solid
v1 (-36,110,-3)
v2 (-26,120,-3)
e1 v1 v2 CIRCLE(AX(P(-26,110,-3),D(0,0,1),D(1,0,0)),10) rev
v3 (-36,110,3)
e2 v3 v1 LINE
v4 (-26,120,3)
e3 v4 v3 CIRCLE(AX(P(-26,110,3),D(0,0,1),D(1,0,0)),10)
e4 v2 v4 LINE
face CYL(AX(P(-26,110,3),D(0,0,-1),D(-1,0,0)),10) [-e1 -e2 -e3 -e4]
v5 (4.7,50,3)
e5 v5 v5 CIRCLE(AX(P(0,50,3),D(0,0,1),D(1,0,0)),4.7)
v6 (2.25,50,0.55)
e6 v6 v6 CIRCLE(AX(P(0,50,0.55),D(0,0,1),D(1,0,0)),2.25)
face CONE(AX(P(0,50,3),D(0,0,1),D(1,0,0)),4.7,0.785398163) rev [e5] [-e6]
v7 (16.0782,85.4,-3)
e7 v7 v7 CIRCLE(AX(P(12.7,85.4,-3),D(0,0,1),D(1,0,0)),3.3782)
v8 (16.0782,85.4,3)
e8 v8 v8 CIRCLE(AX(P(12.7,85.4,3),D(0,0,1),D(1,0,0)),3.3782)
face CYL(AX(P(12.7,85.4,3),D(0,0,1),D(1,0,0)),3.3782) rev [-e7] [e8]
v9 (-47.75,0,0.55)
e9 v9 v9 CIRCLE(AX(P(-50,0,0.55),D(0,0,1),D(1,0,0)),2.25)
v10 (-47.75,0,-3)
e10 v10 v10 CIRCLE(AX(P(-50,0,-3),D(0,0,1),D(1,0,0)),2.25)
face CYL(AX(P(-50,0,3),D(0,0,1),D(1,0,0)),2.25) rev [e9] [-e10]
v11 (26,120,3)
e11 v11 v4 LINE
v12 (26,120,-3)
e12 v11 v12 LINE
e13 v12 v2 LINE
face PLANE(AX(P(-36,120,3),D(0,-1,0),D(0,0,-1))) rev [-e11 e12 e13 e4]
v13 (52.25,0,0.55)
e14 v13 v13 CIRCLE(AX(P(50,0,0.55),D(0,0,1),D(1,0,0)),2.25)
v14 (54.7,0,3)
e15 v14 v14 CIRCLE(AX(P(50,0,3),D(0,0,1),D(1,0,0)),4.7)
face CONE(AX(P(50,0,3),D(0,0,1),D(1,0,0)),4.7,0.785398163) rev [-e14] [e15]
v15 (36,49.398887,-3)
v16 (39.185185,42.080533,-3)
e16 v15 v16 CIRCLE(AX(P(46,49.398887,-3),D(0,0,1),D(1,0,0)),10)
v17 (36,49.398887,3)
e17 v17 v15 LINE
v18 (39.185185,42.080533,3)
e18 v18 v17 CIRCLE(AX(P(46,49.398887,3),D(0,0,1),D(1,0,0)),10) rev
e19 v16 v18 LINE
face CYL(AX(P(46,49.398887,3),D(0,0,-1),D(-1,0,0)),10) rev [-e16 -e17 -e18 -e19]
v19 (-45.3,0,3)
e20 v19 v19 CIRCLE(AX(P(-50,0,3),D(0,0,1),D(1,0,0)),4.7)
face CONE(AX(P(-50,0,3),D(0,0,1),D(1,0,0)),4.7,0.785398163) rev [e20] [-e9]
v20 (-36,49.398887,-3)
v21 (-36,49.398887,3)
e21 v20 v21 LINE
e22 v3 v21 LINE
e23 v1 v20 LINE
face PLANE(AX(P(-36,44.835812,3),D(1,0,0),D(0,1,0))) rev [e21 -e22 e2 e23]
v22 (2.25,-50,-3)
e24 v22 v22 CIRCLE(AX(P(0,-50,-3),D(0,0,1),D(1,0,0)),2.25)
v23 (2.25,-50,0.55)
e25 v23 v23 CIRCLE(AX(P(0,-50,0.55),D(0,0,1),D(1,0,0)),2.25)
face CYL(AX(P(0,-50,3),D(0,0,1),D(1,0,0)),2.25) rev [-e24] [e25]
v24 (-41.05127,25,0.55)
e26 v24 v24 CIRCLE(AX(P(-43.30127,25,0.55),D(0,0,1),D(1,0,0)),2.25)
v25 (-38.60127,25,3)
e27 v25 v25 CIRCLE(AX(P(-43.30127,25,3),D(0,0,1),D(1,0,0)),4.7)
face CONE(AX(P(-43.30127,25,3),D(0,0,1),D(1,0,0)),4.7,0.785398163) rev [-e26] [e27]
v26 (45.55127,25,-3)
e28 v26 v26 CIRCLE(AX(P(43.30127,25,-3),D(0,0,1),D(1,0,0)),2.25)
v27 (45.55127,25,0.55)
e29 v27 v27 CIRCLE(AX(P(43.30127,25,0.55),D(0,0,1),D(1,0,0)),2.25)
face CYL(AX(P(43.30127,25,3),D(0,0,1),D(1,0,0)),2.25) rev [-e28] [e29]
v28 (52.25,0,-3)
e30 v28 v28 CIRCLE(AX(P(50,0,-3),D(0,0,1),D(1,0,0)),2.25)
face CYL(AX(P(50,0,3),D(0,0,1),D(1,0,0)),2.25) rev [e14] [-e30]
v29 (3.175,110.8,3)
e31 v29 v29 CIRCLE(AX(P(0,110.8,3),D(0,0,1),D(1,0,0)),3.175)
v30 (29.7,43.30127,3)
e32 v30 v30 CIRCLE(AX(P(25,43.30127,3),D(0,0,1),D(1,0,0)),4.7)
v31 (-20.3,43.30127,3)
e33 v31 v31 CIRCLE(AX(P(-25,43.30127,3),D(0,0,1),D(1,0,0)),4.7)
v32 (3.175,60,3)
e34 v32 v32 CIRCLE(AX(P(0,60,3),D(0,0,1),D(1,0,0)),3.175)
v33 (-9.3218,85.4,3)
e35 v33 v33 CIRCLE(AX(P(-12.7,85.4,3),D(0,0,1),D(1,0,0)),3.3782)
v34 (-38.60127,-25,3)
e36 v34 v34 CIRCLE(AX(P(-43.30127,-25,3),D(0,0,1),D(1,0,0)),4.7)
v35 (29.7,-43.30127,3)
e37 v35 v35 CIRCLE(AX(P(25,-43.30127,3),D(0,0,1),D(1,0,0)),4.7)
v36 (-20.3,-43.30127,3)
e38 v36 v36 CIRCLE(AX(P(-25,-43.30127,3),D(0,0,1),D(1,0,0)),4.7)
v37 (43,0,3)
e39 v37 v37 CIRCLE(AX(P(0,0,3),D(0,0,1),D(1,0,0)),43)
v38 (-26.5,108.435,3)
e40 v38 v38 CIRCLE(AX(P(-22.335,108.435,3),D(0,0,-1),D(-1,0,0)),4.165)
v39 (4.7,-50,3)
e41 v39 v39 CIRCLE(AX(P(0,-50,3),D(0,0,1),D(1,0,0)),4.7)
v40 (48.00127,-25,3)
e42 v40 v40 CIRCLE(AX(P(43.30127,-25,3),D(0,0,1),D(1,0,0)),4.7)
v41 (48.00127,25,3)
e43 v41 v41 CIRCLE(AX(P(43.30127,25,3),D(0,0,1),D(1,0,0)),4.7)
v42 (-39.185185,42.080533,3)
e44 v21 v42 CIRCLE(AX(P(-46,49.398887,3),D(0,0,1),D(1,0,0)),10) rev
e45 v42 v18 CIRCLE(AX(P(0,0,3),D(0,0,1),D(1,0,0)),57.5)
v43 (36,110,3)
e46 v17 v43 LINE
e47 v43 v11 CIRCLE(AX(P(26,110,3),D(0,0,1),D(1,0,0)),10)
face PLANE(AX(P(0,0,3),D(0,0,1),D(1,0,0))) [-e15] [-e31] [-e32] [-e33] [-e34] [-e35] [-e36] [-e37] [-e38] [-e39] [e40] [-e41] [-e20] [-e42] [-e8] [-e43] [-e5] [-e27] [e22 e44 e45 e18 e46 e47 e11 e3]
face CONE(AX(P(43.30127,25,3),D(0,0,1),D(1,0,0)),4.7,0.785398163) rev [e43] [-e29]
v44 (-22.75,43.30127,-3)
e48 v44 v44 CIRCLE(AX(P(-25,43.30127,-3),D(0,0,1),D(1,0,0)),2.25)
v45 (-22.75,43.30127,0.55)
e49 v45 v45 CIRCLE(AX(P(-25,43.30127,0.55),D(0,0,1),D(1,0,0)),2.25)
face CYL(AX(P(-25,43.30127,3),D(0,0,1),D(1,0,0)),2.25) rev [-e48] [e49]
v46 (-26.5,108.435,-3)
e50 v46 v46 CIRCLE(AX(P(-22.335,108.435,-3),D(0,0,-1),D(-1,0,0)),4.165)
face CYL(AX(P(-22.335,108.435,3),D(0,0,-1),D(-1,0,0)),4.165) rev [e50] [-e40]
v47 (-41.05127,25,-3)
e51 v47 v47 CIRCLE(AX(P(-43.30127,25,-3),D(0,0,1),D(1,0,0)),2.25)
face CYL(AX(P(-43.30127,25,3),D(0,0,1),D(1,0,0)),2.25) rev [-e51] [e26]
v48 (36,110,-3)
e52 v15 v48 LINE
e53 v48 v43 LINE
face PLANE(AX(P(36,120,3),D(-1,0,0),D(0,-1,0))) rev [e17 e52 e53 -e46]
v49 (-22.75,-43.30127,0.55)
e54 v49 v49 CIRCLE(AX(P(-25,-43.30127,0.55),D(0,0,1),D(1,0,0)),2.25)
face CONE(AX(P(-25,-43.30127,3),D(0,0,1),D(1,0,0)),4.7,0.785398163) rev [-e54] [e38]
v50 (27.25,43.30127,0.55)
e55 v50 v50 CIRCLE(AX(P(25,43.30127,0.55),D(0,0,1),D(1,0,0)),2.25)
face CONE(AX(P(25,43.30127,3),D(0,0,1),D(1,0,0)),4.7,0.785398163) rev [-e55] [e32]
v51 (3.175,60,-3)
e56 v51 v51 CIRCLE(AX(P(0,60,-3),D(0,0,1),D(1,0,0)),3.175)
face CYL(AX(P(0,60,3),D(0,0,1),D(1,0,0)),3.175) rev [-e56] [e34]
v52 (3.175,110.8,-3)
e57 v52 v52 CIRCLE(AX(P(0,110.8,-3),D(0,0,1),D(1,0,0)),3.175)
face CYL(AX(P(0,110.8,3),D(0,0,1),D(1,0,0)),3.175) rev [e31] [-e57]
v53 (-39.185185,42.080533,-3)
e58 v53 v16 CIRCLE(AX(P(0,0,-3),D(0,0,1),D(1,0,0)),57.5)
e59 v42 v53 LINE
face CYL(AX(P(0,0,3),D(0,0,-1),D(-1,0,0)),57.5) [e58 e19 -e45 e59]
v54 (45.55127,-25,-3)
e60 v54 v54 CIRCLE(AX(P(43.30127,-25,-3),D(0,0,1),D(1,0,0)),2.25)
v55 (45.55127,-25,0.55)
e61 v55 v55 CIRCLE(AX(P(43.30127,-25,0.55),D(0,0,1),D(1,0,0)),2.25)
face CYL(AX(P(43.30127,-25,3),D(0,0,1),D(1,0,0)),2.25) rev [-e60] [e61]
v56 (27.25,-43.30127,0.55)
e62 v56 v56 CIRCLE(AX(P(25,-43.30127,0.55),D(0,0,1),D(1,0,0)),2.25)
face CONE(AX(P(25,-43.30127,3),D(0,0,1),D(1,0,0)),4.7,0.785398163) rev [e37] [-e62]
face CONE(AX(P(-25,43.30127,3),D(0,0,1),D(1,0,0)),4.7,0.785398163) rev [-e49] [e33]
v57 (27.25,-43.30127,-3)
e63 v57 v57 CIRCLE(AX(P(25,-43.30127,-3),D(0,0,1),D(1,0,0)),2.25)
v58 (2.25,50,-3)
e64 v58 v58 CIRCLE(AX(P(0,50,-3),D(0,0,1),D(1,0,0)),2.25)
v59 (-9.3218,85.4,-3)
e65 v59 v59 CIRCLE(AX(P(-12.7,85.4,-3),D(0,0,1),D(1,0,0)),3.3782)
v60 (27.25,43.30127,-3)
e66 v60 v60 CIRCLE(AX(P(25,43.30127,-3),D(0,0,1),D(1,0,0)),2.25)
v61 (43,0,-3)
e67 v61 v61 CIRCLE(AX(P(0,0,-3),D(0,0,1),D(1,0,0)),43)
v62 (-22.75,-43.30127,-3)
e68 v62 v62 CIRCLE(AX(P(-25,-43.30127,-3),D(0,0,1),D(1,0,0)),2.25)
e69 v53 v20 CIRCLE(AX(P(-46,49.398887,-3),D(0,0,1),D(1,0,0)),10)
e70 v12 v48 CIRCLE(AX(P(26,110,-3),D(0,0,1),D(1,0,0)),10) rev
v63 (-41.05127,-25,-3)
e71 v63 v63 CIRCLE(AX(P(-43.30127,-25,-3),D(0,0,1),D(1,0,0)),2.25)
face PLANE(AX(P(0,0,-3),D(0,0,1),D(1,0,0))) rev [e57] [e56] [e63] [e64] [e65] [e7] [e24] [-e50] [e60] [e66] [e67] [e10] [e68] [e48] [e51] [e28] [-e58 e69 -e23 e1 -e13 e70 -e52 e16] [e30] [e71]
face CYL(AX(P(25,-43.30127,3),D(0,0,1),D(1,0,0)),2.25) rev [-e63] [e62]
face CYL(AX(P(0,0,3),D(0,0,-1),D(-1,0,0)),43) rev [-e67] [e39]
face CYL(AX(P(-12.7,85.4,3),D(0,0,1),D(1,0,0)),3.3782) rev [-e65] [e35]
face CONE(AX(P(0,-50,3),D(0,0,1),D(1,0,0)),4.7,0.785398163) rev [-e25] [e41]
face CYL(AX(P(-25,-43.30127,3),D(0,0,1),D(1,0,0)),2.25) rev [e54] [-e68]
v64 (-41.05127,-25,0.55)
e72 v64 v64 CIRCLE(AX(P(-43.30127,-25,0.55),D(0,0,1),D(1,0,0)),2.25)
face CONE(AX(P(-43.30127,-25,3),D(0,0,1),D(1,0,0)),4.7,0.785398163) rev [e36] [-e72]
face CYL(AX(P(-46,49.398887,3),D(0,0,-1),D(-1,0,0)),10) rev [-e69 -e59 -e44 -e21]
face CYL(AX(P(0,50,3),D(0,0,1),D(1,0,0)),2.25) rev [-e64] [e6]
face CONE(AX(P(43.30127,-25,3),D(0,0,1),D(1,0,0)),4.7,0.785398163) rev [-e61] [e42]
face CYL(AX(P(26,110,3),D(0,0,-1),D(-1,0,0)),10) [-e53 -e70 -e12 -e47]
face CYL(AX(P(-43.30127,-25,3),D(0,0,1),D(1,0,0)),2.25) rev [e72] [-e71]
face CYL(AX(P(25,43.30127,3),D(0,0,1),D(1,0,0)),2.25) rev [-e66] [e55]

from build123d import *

# Parameters (mm, degrees)
SKETCH1_R                                       = 43
BASE_DEPTH                                      = 3
M4_CLEARANCE_HOLE1_D                            = 4.5
M4_CLEARANCE_HOLE2_D                            = 6.35
F_1_4_CLEARANCE_HOLE1_D                         = 6.7564
FILLET1_R                                       = 10
CSK_FOR_M4_FLAT_HEAD_MACHINE_SCREW1_D           = 4.5
CSK_FOR_M4_FLAT_HEAD_MACHINE_SCREW1_CSINK_D     = 9.4
CSK_FOR_M4_FLAT_HEAD_MACHINE_SCREW1_CSINK_ANGLE = 90
SKETCH15_R                                      = 4.165
CUT_EXTRUDE1_DEPTH                              = 134.200037538


with BuildPart() as part:
    # Sketch1 → base (new, symmetric)
    with BuildSketch(Plane.XY):
        with BuildLine():
            Line((-36, 44.83581158), (-36, 120))
            Line((-36, 120), (36, 120))
            Line((36, 120), (36, 44.83581158))
            ThreePointArc((36, 44.83581158), (0, -57.5), (-36, 44.83581158))
        make_face()
        Circle(SKETCH1_R, mode=Mode.SUBTRACT)
    extrude(amount=BASE_DEPTH, both=True)

    # M4 Clearance Hole1 (through all)
    with Locations(Plane.XY.offset(3)):
        with Locations((0, 50), (25, 43.301270189), (43.301270189, 25), (50, 0), (43.301270189, -25), (25, -43.301270189), (0, -50), (-25, -43.301270189), (-43.301270189, -25), (-50, 0), (-43.301270189, 25), (-25, 43.301270189)):
            Hole(M4_CLEARANCE_HOLE1_D / 2)

    # M4 Clearance Hole2 (through all)
    with Locations(Plane.XY.offset(3)):
        with Locations((0, 60), (0, 110.8)):
            Hole(M4_CLEARANCE_HOLE2_D / 2)

    # 1/4 Clearance Hole1 (through all)
    with Locations(Plane.XY.offset(3)):
        with Locations((-12.7, 85.4), (12.7, 85.4)):
            Hole(F_1_4_CLEARANCE_HOLE1_D / 2)

    # Fillet1
    fillet1_edges = [part.edges().sort_by_distance(p)[0] for p in [
        (-36, 44.83581158, 0),
        (-36, 120, 0),
        (36, 120, 0),
        (36, 44.83581158, 0),
    ]]
    fillet(fillet1_edges, radius=FILLET1_R)

    # CSK for M4 Flat Head Machine Screw1 (through all)
    with Locations(Plane.XY.offset(3)):
        with Locations((0, 50), (25, 43.301270189), (43.301270189, 25), (50, 0), (43.301270189, -25), (25, -43.301270189), (0, -50), (-25, -43.301270189), (-43.301270189, -25), (-50, 0), (-43.301270189, 25), (-25, 43.301270189)):
            CounterSinkHole(CSK_FOR_M4_FLAT_HEAD_MACHINE_SCREW1_D / 2, CSK_FOR_M4_FLAT_HEAD_MACHINE_SCREW1_CSINK_D / 2, counter_sink_angle=CSK_FOR_M4_FLAT_HEAD_MACHINE_SCREW1_CSINK_ANGLE)

    # Sketch15 → Cut-Extrude1 (cut, through all)
    with BuildSketch(Plane(origin=(0, 0, -3), x_dir=(-1, 0, 0), z_dir=(0, 0, -1))):
        with Locations((22.335, 108.435)):
            Circle(SKETCH15_R)
    extrude(amount=-CUT_EXTRUDE1_DEPTH, mode=Mode.SUBTRACT)


solid = part.part
